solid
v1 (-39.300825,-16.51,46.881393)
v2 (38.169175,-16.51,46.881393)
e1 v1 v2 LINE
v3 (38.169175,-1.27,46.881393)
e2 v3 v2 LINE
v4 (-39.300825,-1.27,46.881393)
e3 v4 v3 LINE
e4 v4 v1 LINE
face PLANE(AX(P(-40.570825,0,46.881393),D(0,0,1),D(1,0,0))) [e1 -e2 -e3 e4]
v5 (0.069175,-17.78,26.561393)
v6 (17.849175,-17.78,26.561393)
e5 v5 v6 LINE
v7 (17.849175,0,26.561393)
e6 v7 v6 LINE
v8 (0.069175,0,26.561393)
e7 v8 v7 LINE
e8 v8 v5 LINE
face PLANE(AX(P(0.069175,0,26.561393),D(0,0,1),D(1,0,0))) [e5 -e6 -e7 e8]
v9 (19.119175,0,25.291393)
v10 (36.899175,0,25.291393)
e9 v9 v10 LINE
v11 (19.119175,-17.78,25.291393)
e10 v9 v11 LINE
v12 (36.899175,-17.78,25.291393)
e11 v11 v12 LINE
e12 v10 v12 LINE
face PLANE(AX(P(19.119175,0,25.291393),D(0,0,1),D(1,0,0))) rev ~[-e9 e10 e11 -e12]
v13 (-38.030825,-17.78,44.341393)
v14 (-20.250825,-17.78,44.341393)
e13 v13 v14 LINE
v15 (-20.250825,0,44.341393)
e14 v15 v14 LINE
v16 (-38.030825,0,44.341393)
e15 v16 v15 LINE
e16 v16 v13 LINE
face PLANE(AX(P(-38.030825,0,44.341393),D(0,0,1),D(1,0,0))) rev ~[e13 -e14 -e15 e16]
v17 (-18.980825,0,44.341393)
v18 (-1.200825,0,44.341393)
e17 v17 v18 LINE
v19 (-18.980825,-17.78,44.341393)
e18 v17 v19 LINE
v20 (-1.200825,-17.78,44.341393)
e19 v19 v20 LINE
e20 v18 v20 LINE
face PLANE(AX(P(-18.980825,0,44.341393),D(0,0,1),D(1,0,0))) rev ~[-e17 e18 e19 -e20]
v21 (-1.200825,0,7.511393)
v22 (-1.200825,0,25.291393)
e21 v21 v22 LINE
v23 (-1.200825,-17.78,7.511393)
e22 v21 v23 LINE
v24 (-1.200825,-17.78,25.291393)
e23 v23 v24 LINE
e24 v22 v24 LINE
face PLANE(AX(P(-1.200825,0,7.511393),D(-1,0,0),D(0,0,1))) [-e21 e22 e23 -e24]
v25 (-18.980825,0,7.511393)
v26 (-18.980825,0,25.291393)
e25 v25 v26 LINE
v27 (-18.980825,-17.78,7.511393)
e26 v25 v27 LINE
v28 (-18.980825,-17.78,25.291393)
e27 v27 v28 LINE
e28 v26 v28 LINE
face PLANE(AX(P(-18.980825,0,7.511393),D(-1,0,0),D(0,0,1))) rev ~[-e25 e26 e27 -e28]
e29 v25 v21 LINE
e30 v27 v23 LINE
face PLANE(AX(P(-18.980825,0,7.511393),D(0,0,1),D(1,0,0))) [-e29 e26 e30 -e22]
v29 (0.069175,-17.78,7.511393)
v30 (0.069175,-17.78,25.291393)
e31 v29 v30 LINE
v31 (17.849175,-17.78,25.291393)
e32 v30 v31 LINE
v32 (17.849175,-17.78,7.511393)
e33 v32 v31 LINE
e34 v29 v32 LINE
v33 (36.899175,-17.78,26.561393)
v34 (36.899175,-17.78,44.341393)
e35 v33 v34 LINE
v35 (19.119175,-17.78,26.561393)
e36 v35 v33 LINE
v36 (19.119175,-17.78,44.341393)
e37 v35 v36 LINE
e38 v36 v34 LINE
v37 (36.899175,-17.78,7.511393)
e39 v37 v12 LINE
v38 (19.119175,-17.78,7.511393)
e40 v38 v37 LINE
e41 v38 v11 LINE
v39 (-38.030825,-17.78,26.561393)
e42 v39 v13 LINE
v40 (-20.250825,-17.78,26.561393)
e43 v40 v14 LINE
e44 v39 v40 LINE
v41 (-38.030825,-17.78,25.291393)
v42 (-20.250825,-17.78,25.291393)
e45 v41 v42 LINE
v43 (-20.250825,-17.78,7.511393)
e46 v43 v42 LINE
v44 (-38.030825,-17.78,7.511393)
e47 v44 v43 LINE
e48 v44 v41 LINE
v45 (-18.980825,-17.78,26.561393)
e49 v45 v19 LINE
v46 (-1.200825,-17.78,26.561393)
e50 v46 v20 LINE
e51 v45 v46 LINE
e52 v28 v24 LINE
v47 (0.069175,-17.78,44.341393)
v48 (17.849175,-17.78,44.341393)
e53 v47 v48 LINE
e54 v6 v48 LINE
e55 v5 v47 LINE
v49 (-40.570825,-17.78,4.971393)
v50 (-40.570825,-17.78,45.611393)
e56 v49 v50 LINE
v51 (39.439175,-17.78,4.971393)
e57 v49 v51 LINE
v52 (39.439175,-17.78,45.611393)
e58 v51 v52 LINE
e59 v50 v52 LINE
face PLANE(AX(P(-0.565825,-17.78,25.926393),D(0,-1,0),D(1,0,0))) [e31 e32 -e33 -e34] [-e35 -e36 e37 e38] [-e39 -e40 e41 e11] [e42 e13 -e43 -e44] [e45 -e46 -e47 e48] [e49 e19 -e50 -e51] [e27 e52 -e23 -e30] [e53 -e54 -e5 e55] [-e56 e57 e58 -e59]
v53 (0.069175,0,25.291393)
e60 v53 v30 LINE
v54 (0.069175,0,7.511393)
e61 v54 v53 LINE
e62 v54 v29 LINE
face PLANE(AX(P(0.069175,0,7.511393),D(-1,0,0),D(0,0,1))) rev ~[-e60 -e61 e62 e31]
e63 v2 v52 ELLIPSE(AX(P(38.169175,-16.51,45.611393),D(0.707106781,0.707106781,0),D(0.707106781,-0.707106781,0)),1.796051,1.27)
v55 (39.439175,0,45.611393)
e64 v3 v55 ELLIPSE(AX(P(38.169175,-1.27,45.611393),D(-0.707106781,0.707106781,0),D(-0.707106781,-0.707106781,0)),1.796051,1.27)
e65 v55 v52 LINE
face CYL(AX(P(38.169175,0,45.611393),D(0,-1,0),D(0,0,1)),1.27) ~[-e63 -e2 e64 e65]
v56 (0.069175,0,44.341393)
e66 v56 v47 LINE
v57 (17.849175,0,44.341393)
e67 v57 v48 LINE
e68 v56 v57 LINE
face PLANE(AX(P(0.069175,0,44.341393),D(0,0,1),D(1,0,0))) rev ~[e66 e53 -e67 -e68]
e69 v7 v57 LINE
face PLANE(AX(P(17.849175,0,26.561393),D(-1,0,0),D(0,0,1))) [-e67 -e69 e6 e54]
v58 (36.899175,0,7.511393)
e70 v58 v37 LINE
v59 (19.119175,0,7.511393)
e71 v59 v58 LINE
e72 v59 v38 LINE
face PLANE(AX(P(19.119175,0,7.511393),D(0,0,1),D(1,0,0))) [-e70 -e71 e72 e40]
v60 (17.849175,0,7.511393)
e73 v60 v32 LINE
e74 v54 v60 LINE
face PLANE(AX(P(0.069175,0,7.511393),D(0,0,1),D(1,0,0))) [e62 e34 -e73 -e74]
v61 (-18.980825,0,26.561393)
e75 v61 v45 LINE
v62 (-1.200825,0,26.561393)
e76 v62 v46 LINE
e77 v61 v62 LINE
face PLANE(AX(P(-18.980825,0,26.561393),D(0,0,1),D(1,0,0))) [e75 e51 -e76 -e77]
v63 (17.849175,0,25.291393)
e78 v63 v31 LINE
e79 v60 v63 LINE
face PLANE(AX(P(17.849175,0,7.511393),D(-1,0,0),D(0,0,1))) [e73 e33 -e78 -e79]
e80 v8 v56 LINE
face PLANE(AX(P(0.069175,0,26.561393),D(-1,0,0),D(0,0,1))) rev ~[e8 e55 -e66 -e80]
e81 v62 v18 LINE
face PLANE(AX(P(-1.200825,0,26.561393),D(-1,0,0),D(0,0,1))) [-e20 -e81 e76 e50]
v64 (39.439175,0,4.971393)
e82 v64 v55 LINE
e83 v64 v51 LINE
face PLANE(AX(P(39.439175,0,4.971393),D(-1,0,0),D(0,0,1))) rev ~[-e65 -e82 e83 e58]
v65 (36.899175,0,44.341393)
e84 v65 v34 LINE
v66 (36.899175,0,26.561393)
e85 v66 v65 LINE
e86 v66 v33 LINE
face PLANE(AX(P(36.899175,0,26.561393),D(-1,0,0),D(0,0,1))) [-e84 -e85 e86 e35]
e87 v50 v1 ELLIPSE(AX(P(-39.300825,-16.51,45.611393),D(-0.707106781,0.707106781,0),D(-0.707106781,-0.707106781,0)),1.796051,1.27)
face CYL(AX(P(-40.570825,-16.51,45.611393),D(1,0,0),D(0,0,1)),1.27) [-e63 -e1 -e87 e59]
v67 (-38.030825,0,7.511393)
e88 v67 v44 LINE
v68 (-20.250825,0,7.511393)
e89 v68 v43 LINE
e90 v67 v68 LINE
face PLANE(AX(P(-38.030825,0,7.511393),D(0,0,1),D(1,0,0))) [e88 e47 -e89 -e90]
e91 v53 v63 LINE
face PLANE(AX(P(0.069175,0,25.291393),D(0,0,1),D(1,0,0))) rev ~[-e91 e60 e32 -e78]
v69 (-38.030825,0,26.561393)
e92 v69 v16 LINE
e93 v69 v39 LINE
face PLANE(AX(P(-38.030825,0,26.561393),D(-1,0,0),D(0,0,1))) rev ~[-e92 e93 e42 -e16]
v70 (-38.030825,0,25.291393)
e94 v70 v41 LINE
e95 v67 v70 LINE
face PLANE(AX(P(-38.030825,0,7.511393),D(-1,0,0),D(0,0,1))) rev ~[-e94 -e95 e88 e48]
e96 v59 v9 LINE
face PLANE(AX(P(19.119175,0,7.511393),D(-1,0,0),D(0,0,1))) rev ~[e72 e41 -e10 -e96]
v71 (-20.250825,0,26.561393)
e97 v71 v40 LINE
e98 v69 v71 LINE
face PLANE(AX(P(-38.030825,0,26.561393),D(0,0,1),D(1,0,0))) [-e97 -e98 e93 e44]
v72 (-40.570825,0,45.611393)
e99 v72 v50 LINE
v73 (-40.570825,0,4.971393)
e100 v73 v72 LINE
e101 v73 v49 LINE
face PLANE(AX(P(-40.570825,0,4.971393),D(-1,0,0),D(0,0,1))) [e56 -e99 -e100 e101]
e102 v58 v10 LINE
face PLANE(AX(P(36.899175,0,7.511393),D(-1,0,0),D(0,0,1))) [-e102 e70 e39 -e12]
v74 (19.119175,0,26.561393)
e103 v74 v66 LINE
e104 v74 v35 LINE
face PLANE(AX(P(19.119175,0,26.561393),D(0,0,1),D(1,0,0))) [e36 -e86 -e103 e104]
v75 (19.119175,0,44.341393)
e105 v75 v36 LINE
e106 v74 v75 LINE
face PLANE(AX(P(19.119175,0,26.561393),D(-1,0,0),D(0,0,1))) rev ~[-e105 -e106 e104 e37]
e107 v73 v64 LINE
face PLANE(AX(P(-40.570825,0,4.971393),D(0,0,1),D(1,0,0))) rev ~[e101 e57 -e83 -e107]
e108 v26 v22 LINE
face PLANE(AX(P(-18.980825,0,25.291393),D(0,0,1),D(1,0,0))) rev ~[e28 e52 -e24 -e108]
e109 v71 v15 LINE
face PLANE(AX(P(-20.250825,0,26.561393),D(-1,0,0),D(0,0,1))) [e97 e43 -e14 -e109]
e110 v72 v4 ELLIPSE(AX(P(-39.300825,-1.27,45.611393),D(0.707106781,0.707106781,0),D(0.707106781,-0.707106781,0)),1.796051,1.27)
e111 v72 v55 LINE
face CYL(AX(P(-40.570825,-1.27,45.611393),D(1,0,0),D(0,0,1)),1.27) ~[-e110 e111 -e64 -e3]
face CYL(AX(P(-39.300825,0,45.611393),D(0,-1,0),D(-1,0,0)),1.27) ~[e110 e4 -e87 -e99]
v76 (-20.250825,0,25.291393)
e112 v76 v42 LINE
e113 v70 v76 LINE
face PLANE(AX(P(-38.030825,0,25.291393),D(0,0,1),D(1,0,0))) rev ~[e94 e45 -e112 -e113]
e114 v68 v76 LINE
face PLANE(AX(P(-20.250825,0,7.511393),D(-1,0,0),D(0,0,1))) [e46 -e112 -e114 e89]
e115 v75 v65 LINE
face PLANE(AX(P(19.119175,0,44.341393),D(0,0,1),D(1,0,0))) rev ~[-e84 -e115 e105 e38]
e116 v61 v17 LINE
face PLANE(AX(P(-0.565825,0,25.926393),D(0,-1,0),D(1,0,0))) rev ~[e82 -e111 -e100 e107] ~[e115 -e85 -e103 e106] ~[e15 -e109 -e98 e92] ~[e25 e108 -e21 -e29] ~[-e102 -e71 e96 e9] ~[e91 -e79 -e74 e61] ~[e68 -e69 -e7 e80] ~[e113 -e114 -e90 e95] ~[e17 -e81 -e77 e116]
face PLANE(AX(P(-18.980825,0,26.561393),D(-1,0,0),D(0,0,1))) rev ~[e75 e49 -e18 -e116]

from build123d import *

# Parameters (mm, degrees)
F0_W     = 80.01
F0_H     = 41.91
F0_W_2   = 17.78
F0_H_2   = 17.78
F1_DEPTH = 17.78
F2_R     = 1.27


with BuildPart() as f1:
    # F0 (on Front) → F1 (new body)
    with BuildSketch(Plane.XZ):
        with Locations((-0.565825, 25.926393)):
            Rectangle(F0_W, F0_H)
        with Locations((-29.140825, 16.401393)):
            Rectangle(F0_W_2, F0_H_2, mode=Mode.SUBTRACT)
        with Locations((-10.090825, 16.401393)):
            Rectangle(F0_W_2, F0_H_2, mode=Mode.SUBTRACT)
        with Locations((8.959175, 16.401393)):
            Rectangle(F0_W_2, F0_H_2, mode=Mode.SUBTRACT)
        with Locations((28.009175, 16.401393)):
            Rectangle(F0_W_2, F0_H_2, mode=Mode.SUBTRACT)
        with Locations((-29.140825, 35.451393)):
            Rectangle(F0_W_2, F0_H_2, mode=Mode.SUBTRACT)
        with Locations((-10.090825, 35.451393)):
            Rectangle(F0_W_2, F0_H_2, mode=Mode.SUBTRACT)
        with Locations((8.959175, 35.451393)):
            Rectangle(F0_W_2, F0_H_2, mode=Mode.SUBTRACT)
        with Locations((28.009175, 35.451393)):
            Rectangle(F0_W_2, F0_H_2, mode=Mode.SUBTRACT)
    extrude(amount=F1_DEPTH)

    # F2
    f2_edges = [f1.edges().sort_by_distance(p)[0] for p in [
        (39.439175, -8.89, 46.881393),
        (-40.570825, -8.89, 46.881393),
        (-0.565825, 0, 46.881393),
        (-0.565825, -17.78, 46.881393),
    ]]
    fillet(f2_edges, radius=F2_R)


solid = f1.part
